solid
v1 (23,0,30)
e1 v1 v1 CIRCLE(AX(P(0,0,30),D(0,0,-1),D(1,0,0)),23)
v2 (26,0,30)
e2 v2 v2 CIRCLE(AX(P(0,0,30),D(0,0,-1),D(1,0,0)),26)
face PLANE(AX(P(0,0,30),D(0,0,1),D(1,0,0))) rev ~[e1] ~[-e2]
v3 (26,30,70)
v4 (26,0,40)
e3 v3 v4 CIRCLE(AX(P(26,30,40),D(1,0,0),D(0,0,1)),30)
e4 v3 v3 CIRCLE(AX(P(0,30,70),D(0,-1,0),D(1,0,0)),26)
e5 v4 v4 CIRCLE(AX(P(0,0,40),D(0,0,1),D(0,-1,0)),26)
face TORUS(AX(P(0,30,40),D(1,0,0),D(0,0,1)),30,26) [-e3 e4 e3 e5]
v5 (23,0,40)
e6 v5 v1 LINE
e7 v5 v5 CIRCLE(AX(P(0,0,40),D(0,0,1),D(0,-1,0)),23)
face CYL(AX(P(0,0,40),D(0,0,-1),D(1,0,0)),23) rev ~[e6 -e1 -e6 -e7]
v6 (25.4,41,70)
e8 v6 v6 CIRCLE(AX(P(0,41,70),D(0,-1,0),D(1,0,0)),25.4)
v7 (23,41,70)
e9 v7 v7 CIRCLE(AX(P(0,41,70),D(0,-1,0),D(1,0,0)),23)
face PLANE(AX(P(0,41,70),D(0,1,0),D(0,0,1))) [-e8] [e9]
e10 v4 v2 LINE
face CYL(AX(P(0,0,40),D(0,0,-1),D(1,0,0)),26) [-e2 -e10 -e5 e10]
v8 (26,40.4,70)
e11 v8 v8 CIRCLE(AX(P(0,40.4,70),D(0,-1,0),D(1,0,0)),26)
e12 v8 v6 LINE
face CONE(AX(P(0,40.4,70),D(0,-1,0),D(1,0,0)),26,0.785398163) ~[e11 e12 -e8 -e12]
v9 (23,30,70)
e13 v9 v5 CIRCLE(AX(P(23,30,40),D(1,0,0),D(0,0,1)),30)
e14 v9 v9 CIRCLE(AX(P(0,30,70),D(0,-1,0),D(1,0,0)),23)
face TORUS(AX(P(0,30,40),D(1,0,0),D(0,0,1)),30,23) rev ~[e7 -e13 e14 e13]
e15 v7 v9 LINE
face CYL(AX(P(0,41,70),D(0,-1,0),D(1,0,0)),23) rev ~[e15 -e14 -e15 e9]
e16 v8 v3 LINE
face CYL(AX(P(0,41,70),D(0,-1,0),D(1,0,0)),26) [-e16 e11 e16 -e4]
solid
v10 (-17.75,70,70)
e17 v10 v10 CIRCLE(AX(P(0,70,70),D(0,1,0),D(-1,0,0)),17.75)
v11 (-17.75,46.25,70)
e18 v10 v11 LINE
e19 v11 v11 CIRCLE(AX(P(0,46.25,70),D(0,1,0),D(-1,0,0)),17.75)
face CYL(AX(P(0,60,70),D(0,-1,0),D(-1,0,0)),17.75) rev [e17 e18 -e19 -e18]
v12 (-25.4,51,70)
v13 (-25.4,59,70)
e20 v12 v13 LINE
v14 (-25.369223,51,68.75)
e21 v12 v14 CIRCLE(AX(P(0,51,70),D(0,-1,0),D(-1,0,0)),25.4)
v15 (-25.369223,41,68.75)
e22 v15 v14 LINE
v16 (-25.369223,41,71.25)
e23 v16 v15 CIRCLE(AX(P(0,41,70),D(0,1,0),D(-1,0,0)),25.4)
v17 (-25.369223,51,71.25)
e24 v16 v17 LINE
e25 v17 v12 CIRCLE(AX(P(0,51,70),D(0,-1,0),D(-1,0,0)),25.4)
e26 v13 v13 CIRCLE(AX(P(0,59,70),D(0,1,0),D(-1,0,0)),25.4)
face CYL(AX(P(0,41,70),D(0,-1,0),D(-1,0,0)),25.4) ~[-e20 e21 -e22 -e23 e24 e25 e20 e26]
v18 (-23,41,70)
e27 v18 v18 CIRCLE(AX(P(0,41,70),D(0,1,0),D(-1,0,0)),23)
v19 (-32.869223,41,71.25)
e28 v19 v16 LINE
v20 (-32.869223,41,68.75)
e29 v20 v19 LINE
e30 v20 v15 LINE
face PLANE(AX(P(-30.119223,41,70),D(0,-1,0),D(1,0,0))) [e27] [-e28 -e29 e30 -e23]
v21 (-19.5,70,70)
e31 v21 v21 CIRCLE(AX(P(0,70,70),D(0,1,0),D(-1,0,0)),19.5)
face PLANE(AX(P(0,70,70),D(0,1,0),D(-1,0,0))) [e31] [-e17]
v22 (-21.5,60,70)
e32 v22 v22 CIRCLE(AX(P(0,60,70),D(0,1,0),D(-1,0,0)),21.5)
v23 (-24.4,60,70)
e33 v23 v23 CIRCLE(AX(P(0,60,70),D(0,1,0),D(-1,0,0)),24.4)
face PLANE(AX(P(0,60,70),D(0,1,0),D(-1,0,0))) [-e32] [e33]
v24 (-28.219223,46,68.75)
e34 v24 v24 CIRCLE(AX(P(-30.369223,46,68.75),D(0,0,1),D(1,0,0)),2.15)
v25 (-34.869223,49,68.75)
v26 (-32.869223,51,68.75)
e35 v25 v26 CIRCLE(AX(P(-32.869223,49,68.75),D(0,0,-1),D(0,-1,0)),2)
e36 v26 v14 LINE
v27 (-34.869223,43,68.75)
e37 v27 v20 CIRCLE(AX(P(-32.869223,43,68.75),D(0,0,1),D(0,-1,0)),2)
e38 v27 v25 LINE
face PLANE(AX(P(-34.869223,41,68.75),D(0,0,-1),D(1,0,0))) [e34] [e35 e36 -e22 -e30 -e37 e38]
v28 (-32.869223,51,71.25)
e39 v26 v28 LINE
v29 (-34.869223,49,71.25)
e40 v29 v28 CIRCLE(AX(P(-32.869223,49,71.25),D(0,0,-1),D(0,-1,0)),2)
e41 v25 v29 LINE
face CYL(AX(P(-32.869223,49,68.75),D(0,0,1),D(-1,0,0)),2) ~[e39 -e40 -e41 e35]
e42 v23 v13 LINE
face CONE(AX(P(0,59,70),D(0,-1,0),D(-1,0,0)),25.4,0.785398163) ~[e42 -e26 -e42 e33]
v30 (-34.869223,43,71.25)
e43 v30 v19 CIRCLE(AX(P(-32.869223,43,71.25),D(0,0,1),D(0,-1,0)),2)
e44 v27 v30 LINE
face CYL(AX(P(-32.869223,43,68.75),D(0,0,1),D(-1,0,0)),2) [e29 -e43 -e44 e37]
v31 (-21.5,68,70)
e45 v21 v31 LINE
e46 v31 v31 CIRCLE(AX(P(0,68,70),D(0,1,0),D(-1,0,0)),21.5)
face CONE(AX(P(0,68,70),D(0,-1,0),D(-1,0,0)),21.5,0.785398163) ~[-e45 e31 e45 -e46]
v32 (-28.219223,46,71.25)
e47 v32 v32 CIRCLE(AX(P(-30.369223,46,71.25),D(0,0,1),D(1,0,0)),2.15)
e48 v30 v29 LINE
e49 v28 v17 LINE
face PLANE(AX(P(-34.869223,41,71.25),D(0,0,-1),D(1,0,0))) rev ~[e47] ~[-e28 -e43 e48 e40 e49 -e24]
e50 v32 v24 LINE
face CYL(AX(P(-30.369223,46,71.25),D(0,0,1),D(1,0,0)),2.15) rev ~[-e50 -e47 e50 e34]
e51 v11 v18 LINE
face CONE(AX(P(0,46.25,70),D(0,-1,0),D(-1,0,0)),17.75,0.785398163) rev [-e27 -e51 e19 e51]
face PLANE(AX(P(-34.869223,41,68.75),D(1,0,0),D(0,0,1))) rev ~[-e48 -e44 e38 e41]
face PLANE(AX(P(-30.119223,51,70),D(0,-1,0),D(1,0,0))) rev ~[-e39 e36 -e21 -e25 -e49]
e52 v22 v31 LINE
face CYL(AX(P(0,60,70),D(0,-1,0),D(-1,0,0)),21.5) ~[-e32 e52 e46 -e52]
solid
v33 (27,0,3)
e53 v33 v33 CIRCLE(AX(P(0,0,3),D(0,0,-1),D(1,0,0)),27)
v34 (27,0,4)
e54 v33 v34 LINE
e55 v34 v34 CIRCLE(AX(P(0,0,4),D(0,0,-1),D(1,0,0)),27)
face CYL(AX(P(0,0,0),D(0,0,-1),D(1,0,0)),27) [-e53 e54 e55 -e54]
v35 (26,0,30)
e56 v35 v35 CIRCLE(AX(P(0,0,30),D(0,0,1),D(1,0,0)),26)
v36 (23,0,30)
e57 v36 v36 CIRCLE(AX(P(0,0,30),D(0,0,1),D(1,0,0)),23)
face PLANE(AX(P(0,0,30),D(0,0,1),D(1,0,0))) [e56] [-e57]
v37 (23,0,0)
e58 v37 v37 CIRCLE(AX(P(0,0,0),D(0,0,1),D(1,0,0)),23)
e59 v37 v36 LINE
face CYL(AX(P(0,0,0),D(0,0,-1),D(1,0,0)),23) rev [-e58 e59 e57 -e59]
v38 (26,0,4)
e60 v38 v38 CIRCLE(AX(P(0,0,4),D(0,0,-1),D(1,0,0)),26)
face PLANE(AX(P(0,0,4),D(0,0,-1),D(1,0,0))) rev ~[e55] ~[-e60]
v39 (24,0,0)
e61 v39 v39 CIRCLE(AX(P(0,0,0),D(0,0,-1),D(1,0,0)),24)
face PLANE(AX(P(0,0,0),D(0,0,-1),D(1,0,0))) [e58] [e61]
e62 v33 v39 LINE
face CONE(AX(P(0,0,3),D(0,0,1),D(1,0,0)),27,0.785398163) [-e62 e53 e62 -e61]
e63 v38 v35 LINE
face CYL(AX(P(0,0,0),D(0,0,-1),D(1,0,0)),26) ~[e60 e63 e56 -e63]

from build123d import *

# Parameters (mm, degrees)
F4_R      = 26
F4_R_2    = 23
F5_DEPTH  = 30
F6_R      = 27
F6_R_2    = 26
F7_DEPTH  = 4
F8_SIZE   = 3
F10_R     = 26
F10_R_2   = 23
F12_R     = 25.4
F12_R_2   = 17.75
F13_DEPTH = 19
F14_R     = 21.5
F14_R_2   = 17.75
F15_DEPTH = 10
F16_SIZE  = 5.25
F17_SIZE  = 0.6
F18_SIZE  = 2
F19_SIZE  = 1
F20_W     = 9.5
F20_H     = 2.5
F21_DEPTH = 10
F22_R     = 2.15
F23_DEPTH = 2.5
F24_R     = 2


with BuildPart() as f5:
    # F4 (on Top) → F5 (new body)
    with BuildSketch(Plane.XY):
        Circle(F4_R)
        Circle(F4_R_2, mode=Mode.SUBTRACT)
    extrude(amount=F5_DEPTH)

    # F6 (on face) → F7 (join)
    with BuildSketch(Plane(origin=(0, 0, 0), x_dir=(1, 0, 0), z_dir=(0, 0, -1))):
        Circle(F6_R)
        Circle(F6_R_2, mode=Mode.SUBTRACT)
    extrude(amount=-F7_DEPTH)

    # F8
    f8_edges = [f5.edges().sort_by_distance(p)[0] for p in [
        (-27, 0, 0),
    ]]
    chamfer(f8_edges, length=F8_SIZE)


with BuildPart() as f11:
    # F11: sweep along a path in F9
    with BuildLine(Plane.YZ) as f11_path:
        Line((41, 70), (30, 70))
        ThreePointArc((30, 70), (8.7867965644, 61.2132034356), (0, 40))
        Line((0, 40), (0, 30))
    # F10 (on face) → F11 (sweep)
    with BuildSketch(Plane.XY.offset(30)):
        Circle(F10_R)
        Circle(F10_R_2, mode=Mode.SUBTRACT)
    sweep(path=f11_path.line)

    # F17
    f17_edges = [f11.edges().sort_by_distance(p)[0] for p in [
        (-26, 41, 70),
    ]]
    chamfer(f17_edges, length=F17_SIZE)


with BuildPart() as f13:
    # F12 (on face) → F13 (new body)
    with BuildSketch(Plane(origin=(0, 41, 0), x_dir=(-1, 0, 0), z_dir=(0, 1, 0))):
        with Locations((0, 70)):
            Circle(F12_R)
        with Locations((0, 70)):
            Circle(F12_R_2, mode=Mode.SUBTRACT)
    extrude(amount=F13_DEPTH)

    # F14 (on face) → F15 (join)
    with BuildSketch(Plane(origin=(0, 60, 0), x_dir=(-1, 0, 0), z_dir=(0, 1, 0))):
        with Locations((0, 70)):
            Circle(F14_R)
        with Locations((0, 70)):
            Circle(F14_R_2, mode=Mode.SUBTRACT)
    extrude(amount=F15_DEPTH)

    # F16
    f16_edges = [f13.edges().sort_by_distance(p)[0] for p in [
        (17.75, 41, 70),
    ]]
    chamfer(f16_edges, length=F16_SIZE)

    # F18
    f18_edges = [f13.edges().sort_by_distance(p)[0] for p in [
        (21.5, 70, 70),
    ]]
    chamfer(f18_edges, length=F18_SIZE)

    # F19
    f19_edges = [f13.edges().sort_by_distance(p)[0] for p in [
        (25.4, 60, 70),
    ]]
    chamfer(f19_edges, length=F19_SIZE)

    # F20 (on face) → F21 (join)
    with BuildSketch(Plane.XZ.offset(-41)):
        with Locations((-30.1192234804, 70)):
            Rectangle(F20_W, F20_H)
    extrude(amount=-F21_DEPTH)

    # F22 (on face) → F23 (cut, through all)
    with BuildSketch(Plane.XY.offset(71.25)):
        with Locations((-30.3692234804, 46)):
            Circle(F22_R)
    extrude(amount=-F23_DEPTH, mode=Mode.SUBTRACT)

    # F24
    f24_edges = [f13.edges().sort_by_distance(p)[0] for p in [
        (-34.869223, 51, 70),
        (-34.869223, 41, 70),
    ]]
    fillet(f24_edges, radius=F24_R)


solid = Compound([f5.part, f11.part, f13.part])
